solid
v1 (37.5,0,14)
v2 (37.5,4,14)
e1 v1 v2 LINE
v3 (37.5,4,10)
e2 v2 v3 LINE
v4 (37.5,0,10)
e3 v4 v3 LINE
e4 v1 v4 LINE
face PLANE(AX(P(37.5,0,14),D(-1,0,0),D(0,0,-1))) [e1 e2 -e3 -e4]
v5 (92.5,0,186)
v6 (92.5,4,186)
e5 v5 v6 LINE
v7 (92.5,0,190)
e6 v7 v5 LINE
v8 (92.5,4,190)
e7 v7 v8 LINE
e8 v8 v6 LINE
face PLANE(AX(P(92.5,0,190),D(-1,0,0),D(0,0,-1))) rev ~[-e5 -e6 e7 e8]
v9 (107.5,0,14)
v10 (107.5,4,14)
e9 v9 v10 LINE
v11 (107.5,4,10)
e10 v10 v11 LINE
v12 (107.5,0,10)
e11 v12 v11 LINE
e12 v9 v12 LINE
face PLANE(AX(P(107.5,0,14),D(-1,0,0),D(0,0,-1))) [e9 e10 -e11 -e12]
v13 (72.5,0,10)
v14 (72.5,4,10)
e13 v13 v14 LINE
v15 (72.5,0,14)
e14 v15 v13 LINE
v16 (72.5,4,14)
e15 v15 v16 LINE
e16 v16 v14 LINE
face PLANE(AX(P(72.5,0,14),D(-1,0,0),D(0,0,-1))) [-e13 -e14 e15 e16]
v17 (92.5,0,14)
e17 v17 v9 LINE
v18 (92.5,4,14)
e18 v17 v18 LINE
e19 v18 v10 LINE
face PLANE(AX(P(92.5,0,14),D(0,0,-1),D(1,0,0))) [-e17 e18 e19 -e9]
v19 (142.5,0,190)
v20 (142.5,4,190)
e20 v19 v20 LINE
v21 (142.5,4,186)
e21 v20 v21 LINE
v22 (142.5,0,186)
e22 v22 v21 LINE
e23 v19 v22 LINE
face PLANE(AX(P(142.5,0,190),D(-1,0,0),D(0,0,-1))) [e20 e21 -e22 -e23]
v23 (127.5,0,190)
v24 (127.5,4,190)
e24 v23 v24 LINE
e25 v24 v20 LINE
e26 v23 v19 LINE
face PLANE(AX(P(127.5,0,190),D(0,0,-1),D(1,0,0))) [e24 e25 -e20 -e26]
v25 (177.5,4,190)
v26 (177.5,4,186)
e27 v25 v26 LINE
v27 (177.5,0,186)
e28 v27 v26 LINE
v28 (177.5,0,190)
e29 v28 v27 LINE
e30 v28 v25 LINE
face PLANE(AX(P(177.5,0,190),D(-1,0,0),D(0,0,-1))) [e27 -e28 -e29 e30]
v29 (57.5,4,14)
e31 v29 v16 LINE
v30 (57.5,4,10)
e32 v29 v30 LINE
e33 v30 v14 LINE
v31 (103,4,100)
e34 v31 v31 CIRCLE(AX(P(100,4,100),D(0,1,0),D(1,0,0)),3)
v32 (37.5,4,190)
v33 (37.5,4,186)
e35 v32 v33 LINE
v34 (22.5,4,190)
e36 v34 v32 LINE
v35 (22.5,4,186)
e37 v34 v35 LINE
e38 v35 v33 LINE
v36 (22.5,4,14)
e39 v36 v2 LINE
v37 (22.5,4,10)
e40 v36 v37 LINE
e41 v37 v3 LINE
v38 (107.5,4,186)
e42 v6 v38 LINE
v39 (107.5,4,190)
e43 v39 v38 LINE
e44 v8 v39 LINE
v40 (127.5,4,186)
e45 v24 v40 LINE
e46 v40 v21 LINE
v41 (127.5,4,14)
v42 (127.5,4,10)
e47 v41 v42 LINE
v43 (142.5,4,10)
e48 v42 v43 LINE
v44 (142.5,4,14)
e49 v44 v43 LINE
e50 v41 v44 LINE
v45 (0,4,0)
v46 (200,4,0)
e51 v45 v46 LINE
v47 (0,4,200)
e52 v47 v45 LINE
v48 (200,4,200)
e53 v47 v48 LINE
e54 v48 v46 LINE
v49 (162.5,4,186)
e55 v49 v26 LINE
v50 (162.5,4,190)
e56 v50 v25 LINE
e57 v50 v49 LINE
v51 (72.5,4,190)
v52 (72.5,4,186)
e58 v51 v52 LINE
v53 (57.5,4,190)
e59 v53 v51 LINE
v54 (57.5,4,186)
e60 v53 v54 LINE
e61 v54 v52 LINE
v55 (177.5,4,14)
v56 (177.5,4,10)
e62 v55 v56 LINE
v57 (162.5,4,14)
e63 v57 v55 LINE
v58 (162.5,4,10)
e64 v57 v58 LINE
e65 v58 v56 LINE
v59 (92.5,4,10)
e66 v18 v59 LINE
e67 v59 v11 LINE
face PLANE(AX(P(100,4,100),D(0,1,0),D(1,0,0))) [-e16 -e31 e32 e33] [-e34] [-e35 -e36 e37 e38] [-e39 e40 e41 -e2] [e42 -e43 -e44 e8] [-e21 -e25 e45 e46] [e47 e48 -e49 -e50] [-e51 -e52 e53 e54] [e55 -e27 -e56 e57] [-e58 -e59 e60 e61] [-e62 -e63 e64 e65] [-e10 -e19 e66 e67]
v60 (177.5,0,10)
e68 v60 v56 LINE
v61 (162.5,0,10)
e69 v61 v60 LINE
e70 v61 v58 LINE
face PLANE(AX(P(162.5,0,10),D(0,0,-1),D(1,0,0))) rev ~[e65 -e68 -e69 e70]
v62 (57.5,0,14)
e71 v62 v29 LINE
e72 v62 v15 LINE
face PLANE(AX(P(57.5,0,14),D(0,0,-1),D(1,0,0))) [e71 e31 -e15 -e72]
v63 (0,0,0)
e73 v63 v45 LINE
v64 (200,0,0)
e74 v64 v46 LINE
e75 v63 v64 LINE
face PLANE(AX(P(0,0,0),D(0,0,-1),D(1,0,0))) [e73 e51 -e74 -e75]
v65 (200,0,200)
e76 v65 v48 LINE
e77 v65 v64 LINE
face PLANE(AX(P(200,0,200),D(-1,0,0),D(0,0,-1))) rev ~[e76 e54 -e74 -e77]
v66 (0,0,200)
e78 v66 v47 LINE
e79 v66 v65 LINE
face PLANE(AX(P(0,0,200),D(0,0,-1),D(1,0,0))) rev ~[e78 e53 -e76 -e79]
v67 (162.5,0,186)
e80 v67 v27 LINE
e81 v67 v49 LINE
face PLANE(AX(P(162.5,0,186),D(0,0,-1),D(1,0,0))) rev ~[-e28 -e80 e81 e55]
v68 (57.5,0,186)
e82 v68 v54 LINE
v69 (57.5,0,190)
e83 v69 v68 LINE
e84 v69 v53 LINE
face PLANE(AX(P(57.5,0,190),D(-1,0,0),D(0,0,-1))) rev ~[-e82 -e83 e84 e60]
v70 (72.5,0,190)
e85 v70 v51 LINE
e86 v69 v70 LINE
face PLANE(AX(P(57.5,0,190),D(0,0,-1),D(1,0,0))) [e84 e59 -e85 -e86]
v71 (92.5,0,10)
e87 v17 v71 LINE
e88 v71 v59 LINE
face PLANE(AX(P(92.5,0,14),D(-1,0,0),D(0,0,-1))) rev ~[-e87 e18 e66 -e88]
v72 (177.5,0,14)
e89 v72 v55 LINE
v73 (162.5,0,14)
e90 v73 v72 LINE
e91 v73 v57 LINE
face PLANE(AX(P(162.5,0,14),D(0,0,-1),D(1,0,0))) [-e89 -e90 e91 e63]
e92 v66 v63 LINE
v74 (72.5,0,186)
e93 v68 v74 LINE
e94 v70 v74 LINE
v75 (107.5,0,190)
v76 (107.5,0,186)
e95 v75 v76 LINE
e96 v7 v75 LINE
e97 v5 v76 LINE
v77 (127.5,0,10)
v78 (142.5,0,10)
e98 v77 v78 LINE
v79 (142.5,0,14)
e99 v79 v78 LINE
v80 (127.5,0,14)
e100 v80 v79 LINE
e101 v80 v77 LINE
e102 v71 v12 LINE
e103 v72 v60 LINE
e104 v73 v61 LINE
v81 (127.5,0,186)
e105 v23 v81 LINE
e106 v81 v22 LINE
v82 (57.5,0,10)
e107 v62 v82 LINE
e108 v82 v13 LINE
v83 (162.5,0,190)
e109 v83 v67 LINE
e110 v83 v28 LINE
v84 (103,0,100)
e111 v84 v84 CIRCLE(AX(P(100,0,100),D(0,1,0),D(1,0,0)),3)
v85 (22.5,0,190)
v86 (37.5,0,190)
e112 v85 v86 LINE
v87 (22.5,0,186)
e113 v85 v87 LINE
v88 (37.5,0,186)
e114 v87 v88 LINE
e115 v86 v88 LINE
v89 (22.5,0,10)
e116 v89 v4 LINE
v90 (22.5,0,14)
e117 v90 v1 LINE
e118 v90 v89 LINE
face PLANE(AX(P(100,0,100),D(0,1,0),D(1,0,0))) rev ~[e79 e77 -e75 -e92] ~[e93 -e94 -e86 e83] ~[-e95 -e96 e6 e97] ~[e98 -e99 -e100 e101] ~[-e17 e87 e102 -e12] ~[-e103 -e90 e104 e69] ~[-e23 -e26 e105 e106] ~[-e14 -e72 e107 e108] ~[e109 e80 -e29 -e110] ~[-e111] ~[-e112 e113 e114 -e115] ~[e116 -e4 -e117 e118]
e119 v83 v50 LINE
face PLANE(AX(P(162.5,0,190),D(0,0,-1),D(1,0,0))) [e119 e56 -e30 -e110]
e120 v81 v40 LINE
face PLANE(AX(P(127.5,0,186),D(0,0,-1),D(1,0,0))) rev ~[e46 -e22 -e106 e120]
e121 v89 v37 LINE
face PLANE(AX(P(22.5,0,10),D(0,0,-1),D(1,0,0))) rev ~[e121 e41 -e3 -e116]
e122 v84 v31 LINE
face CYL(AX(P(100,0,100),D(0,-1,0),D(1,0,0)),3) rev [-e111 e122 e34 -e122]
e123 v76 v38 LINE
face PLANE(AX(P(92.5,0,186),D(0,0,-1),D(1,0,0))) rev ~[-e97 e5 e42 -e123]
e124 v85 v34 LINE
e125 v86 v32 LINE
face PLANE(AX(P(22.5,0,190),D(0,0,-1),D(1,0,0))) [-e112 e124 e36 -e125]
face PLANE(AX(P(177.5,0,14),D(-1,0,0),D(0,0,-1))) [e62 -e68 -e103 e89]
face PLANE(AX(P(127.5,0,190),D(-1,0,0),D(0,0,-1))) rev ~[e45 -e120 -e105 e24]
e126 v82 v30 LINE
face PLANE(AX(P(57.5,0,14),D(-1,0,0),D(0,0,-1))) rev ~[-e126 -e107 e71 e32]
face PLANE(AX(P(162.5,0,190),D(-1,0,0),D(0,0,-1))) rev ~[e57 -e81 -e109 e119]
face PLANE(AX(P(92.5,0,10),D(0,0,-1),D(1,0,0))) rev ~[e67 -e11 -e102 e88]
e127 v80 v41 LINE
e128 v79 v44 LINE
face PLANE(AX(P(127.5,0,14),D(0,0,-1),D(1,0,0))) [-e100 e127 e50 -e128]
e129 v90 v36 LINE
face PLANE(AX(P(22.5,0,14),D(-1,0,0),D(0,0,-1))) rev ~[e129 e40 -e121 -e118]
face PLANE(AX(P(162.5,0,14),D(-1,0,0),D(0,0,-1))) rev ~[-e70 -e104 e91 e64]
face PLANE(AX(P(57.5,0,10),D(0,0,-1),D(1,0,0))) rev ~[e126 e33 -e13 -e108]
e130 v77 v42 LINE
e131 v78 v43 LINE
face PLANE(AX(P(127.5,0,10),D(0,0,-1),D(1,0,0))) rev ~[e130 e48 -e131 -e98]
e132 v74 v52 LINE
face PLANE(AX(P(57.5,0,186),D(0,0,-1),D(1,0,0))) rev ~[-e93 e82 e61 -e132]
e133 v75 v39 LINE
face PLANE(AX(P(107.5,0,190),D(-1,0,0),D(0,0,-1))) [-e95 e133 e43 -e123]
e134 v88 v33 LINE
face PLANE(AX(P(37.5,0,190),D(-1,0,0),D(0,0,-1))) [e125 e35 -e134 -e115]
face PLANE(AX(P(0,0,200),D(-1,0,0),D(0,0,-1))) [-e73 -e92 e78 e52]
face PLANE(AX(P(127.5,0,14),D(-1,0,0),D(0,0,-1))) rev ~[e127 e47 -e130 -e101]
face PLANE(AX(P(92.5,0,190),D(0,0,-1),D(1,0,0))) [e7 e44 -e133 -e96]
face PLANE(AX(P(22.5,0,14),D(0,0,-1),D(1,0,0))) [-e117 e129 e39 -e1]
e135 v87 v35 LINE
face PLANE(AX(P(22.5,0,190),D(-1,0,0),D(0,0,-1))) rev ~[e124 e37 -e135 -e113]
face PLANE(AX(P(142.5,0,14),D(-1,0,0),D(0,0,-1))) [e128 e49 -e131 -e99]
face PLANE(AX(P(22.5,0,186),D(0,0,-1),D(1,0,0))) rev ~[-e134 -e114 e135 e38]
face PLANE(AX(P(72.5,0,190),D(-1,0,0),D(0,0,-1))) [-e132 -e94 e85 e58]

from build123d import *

# Parameters (mm, degrees)
SKETCH1_W           = 200
SKETCH1_H           = 200
SKETCH1_R           = 3
SKETCH1_W_2         = 15
SKETCH1_H_2         = 4
BOSS_EXTRUDE1_DEPTH = 4


with BuildPart() as part:
    # Sketch1 → Boss-Extrude1 (new body)
    with BuildSketch(Plane(origin=(0, 0, 0), x_dir=(1, 0, 0), z_dir=(0, 1, 0))):
        with Locations((100, -100)):
            Rectangle(SKETCH1_W, SKETCH1_H)
        with Locations((100, -100)):
            Circle(SKETCH1_R, mode=Mode.SUBTRACT)
        with Locations((30, -12)):
            Rectangle(SKETCH1_W_2, SKETCH1_H_2, mode=Mode.SUBTRACT)
        with Locations((65, -12)):
            Rectangle(SKETCH1_W_2, SKETCH1_H_2, mode=Mode.SUBTRACT)
        with Locations((100, -12)):
            Rectangle(SKETCH1_W_2, SKETCH1_H_2, mode=Mode.SUBTRACT)
        with Locations((135, -12)):
            Rectangle(SKETCH1_W_2, SKETCH1_H_2, mode=Mode.SUBTRACT)
        with Locations((170, -12)):
            Rectangle(SKETCH1_W_2, SKETCH1_H_2, mode=Mode.SUBTRACT)
        with Locations((170, -188)):
            Rectangle(SKETCH1_W_2, SKETCH1_H_2, mode=Mode.SUBTRACT)
        with Locations((135, -188)):
            Rectangle(SKETCH1_W_2, SKETCH1_H_2, mode=Mode.SUBTRACT)
        with Locations((100, -188)):
            Rectangle(SKETCH1_W_2, SKETCH1_H_2, mode=Mode.SUBTRACT)
        with Locations((65, -188)):
            Rectangle(SKETCH1_W_2, SKETCH1_H_2, mode=Mode.SUBTRACT)
        with Locations((30, -188)):
            Rectangle(SKETCH1_W_2, SKETCH1_H_2, mode=Mode.SUBTRACT)
    extrude(amount=BOSS_EXTRUDE1_DEPTH)


solid = part.part
